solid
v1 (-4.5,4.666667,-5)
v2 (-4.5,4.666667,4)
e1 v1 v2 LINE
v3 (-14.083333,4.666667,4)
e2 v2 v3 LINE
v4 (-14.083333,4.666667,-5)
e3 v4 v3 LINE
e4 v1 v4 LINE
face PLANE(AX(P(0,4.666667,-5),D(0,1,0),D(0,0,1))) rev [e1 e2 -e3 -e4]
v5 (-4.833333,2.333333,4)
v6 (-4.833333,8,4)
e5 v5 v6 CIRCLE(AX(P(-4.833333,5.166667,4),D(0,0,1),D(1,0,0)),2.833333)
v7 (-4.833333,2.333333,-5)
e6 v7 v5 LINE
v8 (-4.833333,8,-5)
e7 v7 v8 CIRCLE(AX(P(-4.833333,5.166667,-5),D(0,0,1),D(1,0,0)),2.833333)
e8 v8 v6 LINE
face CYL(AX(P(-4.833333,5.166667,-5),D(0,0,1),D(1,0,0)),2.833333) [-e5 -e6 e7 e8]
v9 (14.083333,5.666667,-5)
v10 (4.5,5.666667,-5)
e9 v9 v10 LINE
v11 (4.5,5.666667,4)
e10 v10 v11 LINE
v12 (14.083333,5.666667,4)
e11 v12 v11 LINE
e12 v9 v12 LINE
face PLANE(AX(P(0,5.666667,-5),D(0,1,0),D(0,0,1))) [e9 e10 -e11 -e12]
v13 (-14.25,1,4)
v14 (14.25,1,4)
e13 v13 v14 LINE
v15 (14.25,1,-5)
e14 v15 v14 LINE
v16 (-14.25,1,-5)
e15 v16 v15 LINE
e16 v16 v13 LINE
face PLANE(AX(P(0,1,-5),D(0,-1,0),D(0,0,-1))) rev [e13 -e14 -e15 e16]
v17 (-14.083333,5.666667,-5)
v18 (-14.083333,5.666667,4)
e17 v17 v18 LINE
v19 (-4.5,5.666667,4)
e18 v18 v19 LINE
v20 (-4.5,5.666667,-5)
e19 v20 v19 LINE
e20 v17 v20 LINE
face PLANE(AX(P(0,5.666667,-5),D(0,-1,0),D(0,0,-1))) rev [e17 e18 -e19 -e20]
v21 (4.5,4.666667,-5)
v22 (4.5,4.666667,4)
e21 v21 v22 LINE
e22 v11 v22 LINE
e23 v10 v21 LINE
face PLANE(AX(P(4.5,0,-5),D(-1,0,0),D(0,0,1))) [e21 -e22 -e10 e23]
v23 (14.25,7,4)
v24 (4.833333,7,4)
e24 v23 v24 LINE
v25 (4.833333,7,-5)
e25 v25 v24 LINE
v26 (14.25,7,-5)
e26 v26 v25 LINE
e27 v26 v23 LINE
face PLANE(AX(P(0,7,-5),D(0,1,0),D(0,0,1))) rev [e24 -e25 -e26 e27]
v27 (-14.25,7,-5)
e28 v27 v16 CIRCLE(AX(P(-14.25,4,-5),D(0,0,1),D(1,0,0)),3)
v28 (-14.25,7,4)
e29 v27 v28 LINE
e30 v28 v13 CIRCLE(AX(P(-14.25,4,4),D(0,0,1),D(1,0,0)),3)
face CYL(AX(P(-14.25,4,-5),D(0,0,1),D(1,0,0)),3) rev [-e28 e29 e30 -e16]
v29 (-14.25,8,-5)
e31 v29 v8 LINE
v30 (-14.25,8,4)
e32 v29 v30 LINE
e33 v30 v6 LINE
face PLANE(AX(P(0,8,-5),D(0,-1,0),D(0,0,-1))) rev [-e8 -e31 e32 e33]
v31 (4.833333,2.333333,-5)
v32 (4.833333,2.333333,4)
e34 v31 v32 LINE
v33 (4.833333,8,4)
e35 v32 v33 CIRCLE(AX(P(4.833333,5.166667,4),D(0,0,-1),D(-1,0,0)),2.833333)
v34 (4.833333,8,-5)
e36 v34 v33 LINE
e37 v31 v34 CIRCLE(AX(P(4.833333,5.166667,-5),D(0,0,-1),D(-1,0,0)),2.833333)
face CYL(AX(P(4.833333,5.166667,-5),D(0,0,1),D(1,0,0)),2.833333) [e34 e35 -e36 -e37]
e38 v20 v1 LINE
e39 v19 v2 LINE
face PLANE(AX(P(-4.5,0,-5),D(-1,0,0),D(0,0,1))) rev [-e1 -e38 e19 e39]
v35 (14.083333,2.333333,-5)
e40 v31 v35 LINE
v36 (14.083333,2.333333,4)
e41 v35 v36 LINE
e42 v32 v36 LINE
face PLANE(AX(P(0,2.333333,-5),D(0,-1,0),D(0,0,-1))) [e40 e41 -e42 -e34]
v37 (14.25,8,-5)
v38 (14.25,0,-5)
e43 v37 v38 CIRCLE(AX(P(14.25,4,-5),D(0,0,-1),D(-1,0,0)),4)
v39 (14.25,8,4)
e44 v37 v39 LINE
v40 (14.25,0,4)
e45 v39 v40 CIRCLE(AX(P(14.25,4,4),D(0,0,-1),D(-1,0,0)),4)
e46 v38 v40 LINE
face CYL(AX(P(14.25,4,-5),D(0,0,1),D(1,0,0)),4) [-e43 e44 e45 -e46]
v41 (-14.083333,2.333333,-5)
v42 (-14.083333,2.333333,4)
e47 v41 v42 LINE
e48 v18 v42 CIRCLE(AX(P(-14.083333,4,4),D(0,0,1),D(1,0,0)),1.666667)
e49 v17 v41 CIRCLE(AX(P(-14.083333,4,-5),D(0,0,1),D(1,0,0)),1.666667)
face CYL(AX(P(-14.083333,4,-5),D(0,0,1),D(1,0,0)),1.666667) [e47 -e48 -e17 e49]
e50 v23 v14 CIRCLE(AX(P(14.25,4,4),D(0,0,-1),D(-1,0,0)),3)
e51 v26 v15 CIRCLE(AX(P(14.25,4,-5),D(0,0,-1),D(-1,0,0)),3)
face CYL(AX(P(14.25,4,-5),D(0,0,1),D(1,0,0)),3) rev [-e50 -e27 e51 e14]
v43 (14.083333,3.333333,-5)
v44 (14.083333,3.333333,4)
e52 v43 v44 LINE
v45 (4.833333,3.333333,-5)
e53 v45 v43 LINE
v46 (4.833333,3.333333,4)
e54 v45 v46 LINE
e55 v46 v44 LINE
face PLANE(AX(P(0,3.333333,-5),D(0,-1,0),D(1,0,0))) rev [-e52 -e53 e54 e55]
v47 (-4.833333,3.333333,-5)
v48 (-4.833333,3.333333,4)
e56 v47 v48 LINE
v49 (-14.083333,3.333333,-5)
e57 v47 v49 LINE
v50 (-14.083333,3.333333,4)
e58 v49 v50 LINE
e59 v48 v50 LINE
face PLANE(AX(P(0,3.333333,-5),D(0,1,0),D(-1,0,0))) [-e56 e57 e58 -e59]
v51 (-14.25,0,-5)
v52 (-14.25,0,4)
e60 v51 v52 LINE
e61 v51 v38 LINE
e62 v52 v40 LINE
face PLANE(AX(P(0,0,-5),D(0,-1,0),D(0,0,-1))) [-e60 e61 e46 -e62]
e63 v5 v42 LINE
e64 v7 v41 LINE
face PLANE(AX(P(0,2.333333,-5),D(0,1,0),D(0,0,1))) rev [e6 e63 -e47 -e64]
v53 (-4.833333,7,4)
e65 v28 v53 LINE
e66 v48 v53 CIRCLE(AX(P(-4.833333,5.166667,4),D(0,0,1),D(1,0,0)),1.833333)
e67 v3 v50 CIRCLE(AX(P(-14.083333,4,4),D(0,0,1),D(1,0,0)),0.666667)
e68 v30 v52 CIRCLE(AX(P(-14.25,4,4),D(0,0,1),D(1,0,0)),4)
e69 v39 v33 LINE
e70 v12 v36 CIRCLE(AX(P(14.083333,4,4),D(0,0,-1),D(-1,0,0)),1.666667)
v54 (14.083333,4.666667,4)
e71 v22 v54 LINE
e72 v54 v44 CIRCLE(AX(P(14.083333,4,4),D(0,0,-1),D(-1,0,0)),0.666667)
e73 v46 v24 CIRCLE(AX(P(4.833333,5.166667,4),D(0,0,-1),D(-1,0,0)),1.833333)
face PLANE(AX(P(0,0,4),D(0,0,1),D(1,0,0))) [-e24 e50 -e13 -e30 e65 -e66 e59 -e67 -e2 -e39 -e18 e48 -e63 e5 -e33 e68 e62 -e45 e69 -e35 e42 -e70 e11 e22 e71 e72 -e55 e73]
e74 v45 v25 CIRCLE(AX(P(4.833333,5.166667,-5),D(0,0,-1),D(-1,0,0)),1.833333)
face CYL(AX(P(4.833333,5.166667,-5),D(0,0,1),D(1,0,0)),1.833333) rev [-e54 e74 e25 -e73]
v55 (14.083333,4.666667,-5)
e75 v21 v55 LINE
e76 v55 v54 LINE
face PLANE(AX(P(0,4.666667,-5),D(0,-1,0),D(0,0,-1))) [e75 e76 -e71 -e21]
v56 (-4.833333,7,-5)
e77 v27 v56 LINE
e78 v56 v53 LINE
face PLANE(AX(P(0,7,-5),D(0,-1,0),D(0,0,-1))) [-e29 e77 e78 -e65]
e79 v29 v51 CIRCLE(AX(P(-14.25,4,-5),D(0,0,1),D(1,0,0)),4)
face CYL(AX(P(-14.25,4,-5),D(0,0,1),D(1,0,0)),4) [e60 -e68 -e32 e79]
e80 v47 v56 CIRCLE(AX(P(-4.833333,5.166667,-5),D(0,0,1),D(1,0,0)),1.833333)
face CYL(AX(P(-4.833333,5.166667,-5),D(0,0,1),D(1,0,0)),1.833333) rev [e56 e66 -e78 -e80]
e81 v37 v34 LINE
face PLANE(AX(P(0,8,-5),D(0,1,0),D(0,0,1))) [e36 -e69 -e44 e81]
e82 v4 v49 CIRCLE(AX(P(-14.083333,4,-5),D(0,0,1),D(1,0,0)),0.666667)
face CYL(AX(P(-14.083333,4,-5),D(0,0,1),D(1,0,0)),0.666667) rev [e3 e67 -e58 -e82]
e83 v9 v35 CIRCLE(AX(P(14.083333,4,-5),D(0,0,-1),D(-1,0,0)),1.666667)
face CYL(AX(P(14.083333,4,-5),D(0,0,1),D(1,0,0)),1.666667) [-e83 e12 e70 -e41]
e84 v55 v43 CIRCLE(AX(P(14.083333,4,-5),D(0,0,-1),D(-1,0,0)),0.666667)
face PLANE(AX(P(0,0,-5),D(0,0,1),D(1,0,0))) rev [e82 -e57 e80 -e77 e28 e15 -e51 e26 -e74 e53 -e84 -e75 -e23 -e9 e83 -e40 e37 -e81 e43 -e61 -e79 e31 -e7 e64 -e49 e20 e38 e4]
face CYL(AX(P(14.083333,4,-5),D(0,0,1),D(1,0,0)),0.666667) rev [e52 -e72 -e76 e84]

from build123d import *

# Parameters (mm, degrees)
BOSS_EXTRUDE2_START = -5
BOSS_EXTRUDE2_DEPTH = 9


with BuildPart() as part:
    # Sketch1 → Boss-Extrude2 (new body)
    with BuildSketch(Plane.XY.offset(BOSS_EXTRUDE2_START)):
        with BuildLine():
            ThreePointArc((-14.25, 1), (-17.25, 4), (-14.25, 7))
            Line((-14.25, 7), (-4.833333322, 7))
            ThreePointArc((-4.833333322, 7), (-3, 5.166666661), (-4.833333333, 3.333333333))
            Line((-4.833333333, 3.333333333), (-14.083333333, 3.333333333))
            ThreePointArc((-14.083333333, 3.333333333), (-14.75, 4), (-14.083333333, 4.666666667))
            Line((-14.083333333, 4.666666667), (-4.5, 4.666666667))
            Line((-4.5, 4.666666667), (-4.5, 5.666666667))
            Line((-4.5, 5.666666667), (-14.083333333, 5.666666667))
            ThreePointArc((-14.083333333, 5.666666667), (-15.75, 4), (-14.083333333, 2.333333333))
            Line((-14.083333333, 2.333333333), (-4.833333333, 2.333333333))
            ThreePointArc((-4.833333333, 2.333333333), (-2, 5.166666667), (-4.833333333, 8))
            Line((-4.833333333, 8), (-14.25, 8))
            ThreePointArc((-14.25, 8), (-18.25, 4), (-14.25, 0))
            Line((-14.25, 0), (0, 0))
            Line((0, 0), (0, 1))
            Line((0, 1), (-14.25, 1))
        make_face()
    boss_extrude2 = extrude(amount=BOSS_EXTRUDE2_DEPTH)

    # Mirror1: Boss-Extrude2 across plane
    add(boss_extrude2.mirror(Plane(origin=(0, 0, 0), x_dir=(0, 0, 1), z_dir=(1, 0, 0))))


solid = part.part
